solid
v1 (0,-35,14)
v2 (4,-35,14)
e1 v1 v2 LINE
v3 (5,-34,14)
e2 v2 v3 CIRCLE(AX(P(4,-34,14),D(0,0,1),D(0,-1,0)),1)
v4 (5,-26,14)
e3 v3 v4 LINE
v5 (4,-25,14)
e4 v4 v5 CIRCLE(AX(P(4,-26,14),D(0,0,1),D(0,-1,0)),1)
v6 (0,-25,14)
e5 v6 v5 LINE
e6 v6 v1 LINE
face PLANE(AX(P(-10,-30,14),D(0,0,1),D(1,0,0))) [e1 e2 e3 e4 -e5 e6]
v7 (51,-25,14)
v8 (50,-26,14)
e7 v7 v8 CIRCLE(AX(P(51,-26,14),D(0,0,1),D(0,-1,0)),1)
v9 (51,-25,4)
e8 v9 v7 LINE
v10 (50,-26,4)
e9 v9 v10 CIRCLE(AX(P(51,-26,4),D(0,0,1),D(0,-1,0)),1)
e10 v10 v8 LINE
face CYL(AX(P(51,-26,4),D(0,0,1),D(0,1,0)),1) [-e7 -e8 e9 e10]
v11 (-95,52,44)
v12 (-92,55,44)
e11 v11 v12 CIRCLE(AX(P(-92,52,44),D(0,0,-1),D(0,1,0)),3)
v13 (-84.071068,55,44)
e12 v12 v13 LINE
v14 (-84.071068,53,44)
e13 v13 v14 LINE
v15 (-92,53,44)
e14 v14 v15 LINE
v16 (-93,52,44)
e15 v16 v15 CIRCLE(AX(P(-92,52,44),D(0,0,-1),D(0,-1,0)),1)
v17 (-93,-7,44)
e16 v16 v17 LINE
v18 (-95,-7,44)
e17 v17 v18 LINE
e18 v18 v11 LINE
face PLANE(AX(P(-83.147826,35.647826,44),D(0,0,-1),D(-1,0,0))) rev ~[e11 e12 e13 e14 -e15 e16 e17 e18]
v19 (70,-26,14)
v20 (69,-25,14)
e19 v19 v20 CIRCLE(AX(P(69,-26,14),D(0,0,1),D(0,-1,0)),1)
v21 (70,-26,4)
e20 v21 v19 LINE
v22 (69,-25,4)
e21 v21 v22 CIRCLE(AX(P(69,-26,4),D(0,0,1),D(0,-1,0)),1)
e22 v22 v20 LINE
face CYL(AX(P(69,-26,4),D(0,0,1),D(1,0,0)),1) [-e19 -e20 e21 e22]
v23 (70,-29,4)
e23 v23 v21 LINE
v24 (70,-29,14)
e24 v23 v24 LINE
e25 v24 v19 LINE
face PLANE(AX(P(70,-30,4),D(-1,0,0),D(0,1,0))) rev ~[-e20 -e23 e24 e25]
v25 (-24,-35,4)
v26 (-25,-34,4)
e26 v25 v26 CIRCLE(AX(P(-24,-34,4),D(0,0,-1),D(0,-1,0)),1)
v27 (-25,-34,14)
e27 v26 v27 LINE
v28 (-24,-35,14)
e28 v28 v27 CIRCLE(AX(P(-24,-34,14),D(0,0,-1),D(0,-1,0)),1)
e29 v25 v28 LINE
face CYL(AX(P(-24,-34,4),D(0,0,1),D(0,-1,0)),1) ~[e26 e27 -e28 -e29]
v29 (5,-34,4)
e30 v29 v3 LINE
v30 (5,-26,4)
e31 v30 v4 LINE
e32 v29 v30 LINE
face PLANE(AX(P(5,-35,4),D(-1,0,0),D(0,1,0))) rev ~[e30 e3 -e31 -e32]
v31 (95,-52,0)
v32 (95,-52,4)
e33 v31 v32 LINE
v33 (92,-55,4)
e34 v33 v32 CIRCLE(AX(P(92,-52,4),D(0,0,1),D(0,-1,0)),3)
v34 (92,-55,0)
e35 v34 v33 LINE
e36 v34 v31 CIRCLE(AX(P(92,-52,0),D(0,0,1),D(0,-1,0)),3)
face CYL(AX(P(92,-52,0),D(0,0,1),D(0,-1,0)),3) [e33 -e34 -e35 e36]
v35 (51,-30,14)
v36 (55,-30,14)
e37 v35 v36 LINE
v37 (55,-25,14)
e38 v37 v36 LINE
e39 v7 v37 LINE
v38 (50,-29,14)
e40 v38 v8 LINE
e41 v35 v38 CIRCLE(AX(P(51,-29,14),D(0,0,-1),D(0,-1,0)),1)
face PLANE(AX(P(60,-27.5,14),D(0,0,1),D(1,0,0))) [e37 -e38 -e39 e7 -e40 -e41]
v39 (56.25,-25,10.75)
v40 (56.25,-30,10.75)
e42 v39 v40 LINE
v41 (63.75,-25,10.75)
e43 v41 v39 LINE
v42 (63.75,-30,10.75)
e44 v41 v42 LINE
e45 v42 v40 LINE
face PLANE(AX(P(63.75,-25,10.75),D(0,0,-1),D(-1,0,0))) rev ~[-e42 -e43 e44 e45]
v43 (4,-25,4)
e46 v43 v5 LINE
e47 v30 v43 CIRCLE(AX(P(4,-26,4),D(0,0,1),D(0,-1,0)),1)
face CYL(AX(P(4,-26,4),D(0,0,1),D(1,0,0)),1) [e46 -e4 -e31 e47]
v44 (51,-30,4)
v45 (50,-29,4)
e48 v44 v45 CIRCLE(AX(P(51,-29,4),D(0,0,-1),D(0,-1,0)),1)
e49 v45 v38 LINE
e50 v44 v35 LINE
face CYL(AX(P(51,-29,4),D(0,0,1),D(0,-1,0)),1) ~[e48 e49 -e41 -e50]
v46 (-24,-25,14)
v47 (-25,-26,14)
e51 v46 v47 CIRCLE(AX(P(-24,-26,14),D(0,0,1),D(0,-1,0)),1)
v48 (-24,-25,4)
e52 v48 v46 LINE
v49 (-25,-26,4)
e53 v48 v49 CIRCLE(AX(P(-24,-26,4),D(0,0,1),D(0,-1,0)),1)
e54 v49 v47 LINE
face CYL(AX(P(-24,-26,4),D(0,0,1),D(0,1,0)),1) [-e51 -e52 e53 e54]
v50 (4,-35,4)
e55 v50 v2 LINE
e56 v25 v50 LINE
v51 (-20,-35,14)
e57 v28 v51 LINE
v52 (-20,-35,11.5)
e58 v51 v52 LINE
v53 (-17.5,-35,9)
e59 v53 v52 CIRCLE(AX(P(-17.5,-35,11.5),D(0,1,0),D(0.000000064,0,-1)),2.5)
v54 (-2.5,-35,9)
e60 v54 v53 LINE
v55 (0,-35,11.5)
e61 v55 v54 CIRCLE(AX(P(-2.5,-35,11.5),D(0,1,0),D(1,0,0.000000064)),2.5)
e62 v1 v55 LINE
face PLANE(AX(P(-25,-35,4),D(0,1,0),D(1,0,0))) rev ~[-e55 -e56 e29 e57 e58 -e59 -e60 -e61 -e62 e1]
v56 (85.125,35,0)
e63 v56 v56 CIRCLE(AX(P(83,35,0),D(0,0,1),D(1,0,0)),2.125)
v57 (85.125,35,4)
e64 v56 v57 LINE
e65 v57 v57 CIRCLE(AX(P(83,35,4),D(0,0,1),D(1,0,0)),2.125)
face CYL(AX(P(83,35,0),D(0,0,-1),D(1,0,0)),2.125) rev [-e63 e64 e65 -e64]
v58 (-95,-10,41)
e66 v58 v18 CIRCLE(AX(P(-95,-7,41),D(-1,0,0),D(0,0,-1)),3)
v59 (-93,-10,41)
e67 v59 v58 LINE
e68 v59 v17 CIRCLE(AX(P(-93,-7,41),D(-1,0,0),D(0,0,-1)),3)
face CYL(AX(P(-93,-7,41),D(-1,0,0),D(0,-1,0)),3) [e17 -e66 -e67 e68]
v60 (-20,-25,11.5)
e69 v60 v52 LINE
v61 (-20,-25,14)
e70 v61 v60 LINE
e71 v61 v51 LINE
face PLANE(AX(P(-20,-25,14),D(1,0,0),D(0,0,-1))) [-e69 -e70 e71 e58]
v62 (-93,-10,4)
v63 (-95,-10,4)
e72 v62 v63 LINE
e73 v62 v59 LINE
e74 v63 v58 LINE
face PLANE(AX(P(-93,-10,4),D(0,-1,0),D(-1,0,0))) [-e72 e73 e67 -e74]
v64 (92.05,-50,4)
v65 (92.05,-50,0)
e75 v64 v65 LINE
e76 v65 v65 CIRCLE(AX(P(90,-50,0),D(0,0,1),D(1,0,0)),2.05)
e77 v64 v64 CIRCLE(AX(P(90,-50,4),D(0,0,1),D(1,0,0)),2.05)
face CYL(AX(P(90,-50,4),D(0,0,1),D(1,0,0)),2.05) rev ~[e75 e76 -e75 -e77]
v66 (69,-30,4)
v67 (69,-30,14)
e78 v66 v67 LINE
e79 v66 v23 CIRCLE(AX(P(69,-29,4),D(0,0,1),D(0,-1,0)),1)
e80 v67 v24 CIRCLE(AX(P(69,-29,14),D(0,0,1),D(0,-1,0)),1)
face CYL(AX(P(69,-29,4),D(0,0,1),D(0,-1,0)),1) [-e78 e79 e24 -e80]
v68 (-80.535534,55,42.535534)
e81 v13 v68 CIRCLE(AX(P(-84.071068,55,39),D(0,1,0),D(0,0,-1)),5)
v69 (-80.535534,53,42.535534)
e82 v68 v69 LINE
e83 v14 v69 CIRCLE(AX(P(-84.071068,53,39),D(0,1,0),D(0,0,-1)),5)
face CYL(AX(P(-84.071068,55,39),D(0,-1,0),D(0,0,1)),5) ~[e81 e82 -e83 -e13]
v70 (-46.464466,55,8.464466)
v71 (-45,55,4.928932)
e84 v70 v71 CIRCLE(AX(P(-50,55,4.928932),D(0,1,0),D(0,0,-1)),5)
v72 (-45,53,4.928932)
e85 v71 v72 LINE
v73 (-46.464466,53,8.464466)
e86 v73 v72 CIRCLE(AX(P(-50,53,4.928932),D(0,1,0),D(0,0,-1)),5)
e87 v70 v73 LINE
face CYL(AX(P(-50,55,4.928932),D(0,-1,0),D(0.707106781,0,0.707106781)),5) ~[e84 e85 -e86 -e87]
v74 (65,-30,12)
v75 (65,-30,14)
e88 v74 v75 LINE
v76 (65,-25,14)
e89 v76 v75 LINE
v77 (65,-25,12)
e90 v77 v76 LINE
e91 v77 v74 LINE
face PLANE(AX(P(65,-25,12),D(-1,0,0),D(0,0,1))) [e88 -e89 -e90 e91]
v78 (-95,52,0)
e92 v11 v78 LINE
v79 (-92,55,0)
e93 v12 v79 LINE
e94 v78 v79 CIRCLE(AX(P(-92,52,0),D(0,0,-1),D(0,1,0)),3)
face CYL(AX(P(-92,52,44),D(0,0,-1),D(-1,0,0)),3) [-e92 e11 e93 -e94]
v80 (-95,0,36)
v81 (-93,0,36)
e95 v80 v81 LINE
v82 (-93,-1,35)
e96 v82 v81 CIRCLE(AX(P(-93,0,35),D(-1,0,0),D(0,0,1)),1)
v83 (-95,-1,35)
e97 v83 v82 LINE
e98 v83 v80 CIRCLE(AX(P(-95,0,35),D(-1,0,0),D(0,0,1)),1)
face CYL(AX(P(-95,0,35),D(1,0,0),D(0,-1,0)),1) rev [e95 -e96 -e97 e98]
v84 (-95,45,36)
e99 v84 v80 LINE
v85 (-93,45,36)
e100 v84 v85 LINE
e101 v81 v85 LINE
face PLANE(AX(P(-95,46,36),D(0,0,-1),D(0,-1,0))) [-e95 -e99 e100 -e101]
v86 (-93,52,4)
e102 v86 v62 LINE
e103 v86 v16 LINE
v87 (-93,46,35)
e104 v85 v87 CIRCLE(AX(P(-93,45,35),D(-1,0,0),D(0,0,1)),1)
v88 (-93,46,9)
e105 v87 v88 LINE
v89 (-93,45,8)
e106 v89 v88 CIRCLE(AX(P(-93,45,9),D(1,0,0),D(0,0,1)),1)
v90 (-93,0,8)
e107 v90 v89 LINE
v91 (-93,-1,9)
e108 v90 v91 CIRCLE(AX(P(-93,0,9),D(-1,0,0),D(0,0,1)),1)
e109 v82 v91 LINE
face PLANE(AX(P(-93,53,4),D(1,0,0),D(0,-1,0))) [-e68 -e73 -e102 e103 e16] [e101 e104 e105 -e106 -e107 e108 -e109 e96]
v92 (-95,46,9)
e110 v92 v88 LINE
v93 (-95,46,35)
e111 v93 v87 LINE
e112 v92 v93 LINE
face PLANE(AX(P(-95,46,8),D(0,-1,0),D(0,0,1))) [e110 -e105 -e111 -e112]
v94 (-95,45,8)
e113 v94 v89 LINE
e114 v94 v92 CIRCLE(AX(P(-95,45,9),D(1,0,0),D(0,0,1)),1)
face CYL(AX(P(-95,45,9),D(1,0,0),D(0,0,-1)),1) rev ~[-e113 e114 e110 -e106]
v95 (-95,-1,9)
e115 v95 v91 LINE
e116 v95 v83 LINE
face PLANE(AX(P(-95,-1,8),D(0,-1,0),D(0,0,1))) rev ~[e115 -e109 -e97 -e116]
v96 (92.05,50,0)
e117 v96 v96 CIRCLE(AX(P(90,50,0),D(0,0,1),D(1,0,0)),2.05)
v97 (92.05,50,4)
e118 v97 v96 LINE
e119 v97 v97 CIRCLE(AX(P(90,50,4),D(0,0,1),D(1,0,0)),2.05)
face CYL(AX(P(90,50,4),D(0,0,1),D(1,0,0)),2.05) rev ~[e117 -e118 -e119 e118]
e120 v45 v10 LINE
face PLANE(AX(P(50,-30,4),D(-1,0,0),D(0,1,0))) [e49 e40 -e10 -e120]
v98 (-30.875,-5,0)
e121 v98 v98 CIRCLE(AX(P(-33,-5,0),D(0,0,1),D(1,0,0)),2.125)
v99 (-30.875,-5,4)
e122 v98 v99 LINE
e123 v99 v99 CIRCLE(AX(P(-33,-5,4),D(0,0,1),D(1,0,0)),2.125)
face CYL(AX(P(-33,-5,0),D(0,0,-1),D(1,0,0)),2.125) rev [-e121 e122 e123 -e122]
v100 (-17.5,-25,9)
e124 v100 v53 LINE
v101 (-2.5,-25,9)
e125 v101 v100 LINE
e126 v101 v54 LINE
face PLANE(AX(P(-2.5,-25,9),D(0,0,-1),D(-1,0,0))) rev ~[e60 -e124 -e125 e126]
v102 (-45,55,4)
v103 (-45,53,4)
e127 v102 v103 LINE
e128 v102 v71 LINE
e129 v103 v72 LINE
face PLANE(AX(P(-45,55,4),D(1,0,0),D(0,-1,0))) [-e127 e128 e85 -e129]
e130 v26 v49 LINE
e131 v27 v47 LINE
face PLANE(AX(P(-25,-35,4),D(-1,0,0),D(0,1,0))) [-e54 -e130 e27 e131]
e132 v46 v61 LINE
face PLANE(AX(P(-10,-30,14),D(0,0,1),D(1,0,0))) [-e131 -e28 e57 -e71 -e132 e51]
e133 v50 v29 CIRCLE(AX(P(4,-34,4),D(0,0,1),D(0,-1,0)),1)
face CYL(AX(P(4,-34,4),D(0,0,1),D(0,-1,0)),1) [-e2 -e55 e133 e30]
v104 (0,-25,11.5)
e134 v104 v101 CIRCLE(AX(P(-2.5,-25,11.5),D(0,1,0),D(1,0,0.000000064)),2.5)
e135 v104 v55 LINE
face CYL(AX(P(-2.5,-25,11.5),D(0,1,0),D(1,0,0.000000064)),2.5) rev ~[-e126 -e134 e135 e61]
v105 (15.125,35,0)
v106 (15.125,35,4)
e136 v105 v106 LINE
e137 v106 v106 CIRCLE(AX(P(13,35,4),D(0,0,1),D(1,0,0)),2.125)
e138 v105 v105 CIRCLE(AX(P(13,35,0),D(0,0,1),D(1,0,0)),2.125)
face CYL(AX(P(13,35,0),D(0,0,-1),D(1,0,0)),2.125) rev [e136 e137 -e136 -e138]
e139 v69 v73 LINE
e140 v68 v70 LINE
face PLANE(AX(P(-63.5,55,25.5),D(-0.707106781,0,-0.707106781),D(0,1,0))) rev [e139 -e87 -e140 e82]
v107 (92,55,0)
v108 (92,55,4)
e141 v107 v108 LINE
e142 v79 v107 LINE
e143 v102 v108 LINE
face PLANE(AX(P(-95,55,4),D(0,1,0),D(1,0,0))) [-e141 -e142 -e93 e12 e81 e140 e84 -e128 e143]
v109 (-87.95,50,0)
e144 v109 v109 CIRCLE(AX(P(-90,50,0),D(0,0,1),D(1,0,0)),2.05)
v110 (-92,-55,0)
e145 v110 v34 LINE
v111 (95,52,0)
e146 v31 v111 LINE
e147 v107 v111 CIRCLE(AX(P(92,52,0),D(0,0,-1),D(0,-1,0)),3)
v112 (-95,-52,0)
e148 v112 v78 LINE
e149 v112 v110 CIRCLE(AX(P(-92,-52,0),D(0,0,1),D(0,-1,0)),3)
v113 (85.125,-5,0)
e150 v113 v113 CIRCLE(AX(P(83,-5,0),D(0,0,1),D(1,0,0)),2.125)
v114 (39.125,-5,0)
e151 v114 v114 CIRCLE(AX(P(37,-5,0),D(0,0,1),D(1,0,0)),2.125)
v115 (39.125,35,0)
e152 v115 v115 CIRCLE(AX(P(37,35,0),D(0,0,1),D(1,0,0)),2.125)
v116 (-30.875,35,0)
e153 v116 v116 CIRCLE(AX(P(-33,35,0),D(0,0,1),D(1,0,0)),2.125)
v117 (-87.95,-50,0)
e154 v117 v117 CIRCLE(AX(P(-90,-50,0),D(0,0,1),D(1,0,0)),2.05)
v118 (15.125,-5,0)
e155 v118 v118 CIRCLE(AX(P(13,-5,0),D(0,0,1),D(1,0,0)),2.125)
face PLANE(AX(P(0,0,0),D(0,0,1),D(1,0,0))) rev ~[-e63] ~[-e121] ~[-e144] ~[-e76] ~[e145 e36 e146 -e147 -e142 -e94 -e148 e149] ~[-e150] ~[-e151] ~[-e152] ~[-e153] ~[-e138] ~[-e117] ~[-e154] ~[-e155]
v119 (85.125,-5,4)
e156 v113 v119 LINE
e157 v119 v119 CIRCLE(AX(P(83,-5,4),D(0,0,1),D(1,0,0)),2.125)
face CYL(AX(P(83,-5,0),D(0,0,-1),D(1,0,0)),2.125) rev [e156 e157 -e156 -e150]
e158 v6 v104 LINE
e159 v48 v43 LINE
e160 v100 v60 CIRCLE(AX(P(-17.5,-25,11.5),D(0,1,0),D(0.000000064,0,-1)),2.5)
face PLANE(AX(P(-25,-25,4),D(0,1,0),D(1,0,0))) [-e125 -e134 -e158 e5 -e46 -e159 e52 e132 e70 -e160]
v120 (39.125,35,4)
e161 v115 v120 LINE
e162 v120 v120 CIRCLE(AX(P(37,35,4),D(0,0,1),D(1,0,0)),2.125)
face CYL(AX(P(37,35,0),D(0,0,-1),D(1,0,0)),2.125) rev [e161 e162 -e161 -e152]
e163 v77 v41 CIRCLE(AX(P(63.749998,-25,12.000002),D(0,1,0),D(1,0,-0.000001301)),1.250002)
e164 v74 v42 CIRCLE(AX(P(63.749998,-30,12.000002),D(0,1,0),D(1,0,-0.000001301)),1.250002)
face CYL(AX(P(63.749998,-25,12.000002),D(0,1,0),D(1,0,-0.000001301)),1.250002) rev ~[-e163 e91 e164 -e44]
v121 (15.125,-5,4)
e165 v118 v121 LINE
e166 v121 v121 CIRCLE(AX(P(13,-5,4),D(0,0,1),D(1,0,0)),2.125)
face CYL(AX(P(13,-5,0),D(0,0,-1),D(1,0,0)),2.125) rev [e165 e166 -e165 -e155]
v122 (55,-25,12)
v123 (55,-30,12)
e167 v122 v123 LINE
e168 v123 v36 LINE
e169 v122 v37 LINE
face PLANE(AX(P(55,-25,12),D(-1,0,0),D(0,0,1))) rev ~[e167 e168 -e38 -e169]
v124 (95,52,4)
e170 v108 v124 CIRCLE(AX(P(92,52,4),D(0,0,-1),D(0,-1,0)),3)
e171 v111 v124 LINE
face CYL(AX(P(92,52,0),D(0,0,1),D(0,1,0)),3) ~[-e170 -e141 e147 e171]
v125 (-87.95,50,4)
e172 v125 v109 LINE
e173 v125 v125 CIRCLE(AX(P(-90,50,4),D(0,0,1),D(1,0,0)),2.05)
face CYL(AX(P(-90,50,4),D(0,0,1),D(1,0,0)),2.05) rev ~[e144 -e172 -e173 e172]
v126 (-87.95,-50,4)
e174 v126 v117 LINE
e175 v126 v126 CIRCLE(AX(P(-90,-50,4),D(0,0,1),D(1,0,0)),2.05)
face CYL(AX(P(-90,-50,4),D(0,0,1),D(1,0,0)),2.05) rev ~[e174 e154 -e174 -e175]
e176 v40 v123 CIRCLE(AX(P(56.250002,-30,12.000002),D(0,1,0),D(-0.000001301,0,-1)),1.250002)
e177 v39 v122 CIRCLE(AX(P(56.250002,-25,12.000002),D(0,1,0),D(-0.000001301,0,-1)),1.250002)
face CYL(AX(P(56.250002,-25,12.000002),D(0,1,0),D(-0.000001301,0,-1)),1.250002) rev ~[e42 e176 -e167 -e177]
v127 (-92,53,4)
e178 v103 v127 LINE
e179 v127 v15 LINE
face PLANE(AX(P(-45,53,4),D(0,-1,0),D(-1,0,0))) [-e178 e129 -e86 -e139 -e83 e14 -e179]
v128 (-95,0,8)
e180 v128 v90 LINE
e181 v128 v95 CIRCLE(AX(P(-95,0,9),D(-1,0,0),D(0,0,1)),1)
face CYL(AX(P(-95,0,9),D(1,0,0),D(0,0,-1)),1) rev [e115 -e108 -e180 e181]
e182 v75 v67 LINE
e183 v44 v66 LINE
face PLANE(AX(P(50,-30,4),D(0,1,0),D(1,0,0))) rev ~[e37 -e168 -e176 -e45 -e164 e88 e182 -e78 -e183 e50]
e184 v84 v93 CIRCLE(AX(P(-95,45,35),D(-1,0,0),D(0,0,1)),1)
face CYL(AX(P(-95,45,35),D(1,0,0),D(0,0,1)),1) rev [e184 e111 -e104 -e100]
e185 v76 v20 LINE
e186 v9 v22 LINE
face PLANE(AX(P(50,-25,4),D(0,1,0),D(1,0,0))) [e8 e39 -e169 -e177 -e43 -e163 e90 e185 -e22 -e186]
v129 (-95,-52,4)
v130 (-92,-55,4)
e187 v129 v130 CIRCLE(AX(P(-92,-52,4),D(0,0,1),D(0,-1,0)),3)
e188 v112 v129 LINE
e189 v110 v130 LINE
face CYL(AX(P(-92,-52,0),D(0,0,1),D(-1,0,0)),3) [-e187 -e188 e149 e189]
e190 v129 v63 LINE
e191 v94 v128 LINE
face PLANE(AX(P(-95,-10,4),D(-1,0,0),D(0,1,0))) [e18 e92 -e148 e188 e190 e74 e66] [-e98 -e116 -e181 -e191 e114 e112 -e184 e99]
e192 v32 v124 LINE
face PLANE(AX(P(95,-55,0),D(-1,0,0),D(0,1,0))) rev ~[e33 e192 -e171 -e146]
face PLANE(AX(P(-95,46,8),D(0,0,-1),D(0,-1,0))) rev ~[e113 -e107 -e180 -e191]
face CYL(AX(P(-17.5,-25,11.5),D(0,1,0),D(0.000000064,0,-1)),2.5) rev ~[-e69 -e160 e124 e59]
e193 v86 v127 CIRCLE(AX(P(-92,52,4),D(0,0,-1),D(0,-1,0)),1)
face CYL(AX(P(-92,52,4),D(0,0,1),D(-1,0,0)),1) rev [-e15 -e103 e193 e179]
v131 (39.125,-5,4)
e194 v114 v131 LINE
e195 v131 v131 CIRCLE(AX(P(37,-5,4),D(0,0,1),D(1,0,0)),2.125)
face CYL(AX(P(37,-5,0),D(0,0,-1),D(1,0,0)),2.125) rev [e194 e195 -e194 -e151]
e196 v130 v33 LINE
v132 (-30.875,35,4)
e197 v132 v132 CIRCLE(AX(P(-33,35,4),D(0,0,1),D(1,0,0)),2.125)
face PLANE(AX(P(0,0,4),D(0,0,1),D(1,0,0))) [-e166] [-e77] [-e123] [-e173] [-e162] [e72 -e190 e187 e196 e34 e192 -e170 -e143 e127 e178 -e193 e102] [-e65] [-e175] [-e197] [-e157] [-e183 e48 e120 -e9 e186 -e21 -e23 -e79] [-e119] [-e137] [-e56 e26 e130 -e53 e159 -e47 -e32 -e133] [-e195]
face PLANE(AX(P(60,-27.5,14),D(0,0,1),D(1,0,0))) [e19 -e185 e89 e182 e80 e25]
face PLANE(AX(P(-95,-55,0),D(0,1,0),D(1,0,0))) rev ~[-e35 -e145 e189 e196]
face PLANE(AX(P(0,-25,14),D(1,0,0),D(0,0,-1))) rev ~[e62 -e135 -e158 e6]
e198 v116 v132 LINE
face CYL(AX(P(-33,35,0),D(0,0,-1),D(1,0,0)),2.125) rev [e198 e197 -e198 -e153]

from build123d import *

# Parameters (mm, degrees)
SKETCH_W        = 190
SKETCH_H        = 110
SKETCH_R        = 2.125
PAD_DEPTH       = 4
PAD001_DEPTH    = 40
SKETCH002_R     = 2.05
POCKET_DEPTH    = 4.001
SKETCH003_W     = 30
SKETCH003_H     = 10
SKETCH003_W_2   = 20
SKETCH003_H_2   = 5
PAD002_DEPTH    = 10
POCKET001_DEPTH = 30.001
SKETCH005_W     = 47
SKETCH005_H     = 28
POCKET002_DEPTH = 5
FILLET_R        = 1
FILLET001_R     = 3
FILLET002_R     = 1
FILLET003_R     = 3
CHAMFER_SIZE    = 37
FILLET004_R     = 5
FILLET005_R     = 1


with BuildPart() as part:
    # Sketch → Pad (new body)
    with BuildSketch(Plane.XY):
        Rectangle(SKETCH_W, SKETCH_H)
        with Locations((-33, 35)):
            Circle(SKETCH_R, mode=Mode.SUBTRACT)
        with Locations((-33, -5)):
            Circle(SKETCH_R, mode=Mode.SUBTRACT)
        with Locations((13, -5)):
            Circle(SKETCH_R, mode=Mode.SUBTRACT)
        with Locations((13, 35)):
            Circle(SKETCH_R, mode=Mode.SUBTRACT)
        with Locations((37, 35)):
            Circle(SKETCH_R, mode=Mode.SUBTRACT)
        with Locations((37, -5)):
            Circle(SKETCH_R, mode=Mode.SUBTRACT)
        with Locations((83, -5)):
            Circle(SKETCH_R, mode=Mode.SUBTRACT)
        with Locations((83, 35)):
            Circle(SKETCH_R, mode=Mode.SUBTRACT)
    extrude(amount=PAD_DEPTH)

    # Sketch001 (on Face14 of Pad) → Pad001 (join)
    with BuildSketch(Plane.XY.offset(4)):
        Polygon((-95, -10), (-95, 55), (-45, 55), (-45, 53), (-93, 53), (-93, -10), align=None)
    extrude(amount=PAD001_DEPTH)

    # Sketch002 (on Face6 of Pad001) → Pocket (cut, through all)
    with BuildSketch(Plane.XY.offset(4)):
        with Locations((-90, 50)):
            Circle(SKETCH002_R)
        with Locations((-90, -50)):
            Circle(SKETCH002_R)
        with Locations((90, -50)):
            Circle(SKETCH002_R)
        with Locations((90, 50)):
            Circle(SKETCH002_R)
    extrude(amount=-POCKET_DEPTH, mode=Mode.SUBTRACT)

    # Sketch003 (on Face6 of Pocket) → Pad002 (join)
    with BuildSketch(Plane.XY.offset(4)):
        with Locations((-10, -30)):
            Rectangle(SKETCH003_W, SKETCH003_H)
        with Locations((60, -27.5)):
            Rectangle(SKETCH003_W_2, SKETCH003_H_2)
    extrude(amount=PAD002_DEPTH)

    # Sketch004 (on Face30 of Pad002) → Pocket001 (cut, through all)
    with BuildSketch(Plane(origin=(0, -25, 0), x_dir=(-1, 0, 0), z_dir=(0, 1, 0))):
        with BuildLine():
            Line((0, 14), (20, 14))
            Line((20, 14), (20, 11.5))
            ThreePointArc((17.5, 9), (19.267767, 9.732233), (20, 11.5))
            Line((2.5, 9), (17.5, 9))
            ThreePointArc((0, 11.5), (0.732233, 9.732233), (2.5, 9))
            Line((0, 14), (0, 11.5))
        make_face()
        with BuildLine():
            Line((-65, 14), (-55, 14))
            Line((-55, 12), (-55, 14))
            ThreePointArc((-56.25, 10.75), (-55.366117, 11.116117), (-55, 12))
            Line((-63.75, 10.75), (-56.25, 10.75))
            ThreePointArc((-65, 12), (-64.633883, 11.116117), (-63.75, 10.75))
            Line((-65, 12), (-65, 14))
        make_face()
    extrude(amount=-POCKET001_DEPTH, mode=Mode.SUBTRACT)

    # Sketch005 (on Face8 of Pocket001) → Pocket002 (cut)
    with BuildSketch(Plane(origin=(-95, 0, 0), x_dir=(0, -1, 0), z_dir=(-1, 0, 0))):
        with Locations((-22.5, 22)):
            Rectangle(SKETCH005_W, SKETCH005_H)
    extrude(amount=-POCKET002_DEPTH, mode=Mode.SUBTRACT)

    # Fillet
    fillet_edges = [part.edges().sort_by_distance(p)[0] for p in [
        (-93, 53, 24),
    ]]
    fillet(fillet_edges, radius=FILLET_R)

    # Fillet001
    fillet001_edges = [part.edges().sort_by_distance(p)[0] for p in [
        (-95, 55, 24),
        (-95, -55, 2),
        (95, -55, 2),
        (95, 55, 2),
    ]]
    fillet(fillet001_edges, radius=FILLET001_R)

    # Fillet002
    fillet002_edges = [part.edges().sort_by_distance(p)[0] for p in [
        (-25, -25, 9),
        (-25, -35, 9),
        (5, -35, 9),
        (50, -25, 9),
        (50, -30, 9),
        (70, -30, 9),
        (70, -25, 9),
        (5, -25, 9),
    ]]
    fillet(fillet002_edges, radius=FILLET002_R)

    # Fillet003
    fillet003_edges = [part.edges().sort_by_distance(p)[0] for p in [
        (-94, -10, 44),
    ]]
    fillet(fillet003_edges, radius=FILLET003_R)

    # Chamfer
    chamfer_edges = [part.edges().sort_by_distance(p)[0] for p in [
        (-45, 54, 44),
    ]]
    chamfer(chamfer_edges, length=CHAMFER_SIZE)

    # Fillet004
    fillet004_edges = [part.edges().sort_by_distance(p)[0] for p in [
        (-45, 54, 7),
        (-82, 54, 44),
    ]]
    fillet(fillet004_edges, radius=FILLET004_R)

    # Fillet005
    fillet005_edges = [part.edges().sort_by_distance(p)[0] for p in [
        (-94, 46, 8),
        (-94, 46, 36),
        (-94, -1, 36),
        (-94, -1, 8),
    ]]
    fillet(fillet005_edges, radius=FILLET005_R)


solid = part.part
